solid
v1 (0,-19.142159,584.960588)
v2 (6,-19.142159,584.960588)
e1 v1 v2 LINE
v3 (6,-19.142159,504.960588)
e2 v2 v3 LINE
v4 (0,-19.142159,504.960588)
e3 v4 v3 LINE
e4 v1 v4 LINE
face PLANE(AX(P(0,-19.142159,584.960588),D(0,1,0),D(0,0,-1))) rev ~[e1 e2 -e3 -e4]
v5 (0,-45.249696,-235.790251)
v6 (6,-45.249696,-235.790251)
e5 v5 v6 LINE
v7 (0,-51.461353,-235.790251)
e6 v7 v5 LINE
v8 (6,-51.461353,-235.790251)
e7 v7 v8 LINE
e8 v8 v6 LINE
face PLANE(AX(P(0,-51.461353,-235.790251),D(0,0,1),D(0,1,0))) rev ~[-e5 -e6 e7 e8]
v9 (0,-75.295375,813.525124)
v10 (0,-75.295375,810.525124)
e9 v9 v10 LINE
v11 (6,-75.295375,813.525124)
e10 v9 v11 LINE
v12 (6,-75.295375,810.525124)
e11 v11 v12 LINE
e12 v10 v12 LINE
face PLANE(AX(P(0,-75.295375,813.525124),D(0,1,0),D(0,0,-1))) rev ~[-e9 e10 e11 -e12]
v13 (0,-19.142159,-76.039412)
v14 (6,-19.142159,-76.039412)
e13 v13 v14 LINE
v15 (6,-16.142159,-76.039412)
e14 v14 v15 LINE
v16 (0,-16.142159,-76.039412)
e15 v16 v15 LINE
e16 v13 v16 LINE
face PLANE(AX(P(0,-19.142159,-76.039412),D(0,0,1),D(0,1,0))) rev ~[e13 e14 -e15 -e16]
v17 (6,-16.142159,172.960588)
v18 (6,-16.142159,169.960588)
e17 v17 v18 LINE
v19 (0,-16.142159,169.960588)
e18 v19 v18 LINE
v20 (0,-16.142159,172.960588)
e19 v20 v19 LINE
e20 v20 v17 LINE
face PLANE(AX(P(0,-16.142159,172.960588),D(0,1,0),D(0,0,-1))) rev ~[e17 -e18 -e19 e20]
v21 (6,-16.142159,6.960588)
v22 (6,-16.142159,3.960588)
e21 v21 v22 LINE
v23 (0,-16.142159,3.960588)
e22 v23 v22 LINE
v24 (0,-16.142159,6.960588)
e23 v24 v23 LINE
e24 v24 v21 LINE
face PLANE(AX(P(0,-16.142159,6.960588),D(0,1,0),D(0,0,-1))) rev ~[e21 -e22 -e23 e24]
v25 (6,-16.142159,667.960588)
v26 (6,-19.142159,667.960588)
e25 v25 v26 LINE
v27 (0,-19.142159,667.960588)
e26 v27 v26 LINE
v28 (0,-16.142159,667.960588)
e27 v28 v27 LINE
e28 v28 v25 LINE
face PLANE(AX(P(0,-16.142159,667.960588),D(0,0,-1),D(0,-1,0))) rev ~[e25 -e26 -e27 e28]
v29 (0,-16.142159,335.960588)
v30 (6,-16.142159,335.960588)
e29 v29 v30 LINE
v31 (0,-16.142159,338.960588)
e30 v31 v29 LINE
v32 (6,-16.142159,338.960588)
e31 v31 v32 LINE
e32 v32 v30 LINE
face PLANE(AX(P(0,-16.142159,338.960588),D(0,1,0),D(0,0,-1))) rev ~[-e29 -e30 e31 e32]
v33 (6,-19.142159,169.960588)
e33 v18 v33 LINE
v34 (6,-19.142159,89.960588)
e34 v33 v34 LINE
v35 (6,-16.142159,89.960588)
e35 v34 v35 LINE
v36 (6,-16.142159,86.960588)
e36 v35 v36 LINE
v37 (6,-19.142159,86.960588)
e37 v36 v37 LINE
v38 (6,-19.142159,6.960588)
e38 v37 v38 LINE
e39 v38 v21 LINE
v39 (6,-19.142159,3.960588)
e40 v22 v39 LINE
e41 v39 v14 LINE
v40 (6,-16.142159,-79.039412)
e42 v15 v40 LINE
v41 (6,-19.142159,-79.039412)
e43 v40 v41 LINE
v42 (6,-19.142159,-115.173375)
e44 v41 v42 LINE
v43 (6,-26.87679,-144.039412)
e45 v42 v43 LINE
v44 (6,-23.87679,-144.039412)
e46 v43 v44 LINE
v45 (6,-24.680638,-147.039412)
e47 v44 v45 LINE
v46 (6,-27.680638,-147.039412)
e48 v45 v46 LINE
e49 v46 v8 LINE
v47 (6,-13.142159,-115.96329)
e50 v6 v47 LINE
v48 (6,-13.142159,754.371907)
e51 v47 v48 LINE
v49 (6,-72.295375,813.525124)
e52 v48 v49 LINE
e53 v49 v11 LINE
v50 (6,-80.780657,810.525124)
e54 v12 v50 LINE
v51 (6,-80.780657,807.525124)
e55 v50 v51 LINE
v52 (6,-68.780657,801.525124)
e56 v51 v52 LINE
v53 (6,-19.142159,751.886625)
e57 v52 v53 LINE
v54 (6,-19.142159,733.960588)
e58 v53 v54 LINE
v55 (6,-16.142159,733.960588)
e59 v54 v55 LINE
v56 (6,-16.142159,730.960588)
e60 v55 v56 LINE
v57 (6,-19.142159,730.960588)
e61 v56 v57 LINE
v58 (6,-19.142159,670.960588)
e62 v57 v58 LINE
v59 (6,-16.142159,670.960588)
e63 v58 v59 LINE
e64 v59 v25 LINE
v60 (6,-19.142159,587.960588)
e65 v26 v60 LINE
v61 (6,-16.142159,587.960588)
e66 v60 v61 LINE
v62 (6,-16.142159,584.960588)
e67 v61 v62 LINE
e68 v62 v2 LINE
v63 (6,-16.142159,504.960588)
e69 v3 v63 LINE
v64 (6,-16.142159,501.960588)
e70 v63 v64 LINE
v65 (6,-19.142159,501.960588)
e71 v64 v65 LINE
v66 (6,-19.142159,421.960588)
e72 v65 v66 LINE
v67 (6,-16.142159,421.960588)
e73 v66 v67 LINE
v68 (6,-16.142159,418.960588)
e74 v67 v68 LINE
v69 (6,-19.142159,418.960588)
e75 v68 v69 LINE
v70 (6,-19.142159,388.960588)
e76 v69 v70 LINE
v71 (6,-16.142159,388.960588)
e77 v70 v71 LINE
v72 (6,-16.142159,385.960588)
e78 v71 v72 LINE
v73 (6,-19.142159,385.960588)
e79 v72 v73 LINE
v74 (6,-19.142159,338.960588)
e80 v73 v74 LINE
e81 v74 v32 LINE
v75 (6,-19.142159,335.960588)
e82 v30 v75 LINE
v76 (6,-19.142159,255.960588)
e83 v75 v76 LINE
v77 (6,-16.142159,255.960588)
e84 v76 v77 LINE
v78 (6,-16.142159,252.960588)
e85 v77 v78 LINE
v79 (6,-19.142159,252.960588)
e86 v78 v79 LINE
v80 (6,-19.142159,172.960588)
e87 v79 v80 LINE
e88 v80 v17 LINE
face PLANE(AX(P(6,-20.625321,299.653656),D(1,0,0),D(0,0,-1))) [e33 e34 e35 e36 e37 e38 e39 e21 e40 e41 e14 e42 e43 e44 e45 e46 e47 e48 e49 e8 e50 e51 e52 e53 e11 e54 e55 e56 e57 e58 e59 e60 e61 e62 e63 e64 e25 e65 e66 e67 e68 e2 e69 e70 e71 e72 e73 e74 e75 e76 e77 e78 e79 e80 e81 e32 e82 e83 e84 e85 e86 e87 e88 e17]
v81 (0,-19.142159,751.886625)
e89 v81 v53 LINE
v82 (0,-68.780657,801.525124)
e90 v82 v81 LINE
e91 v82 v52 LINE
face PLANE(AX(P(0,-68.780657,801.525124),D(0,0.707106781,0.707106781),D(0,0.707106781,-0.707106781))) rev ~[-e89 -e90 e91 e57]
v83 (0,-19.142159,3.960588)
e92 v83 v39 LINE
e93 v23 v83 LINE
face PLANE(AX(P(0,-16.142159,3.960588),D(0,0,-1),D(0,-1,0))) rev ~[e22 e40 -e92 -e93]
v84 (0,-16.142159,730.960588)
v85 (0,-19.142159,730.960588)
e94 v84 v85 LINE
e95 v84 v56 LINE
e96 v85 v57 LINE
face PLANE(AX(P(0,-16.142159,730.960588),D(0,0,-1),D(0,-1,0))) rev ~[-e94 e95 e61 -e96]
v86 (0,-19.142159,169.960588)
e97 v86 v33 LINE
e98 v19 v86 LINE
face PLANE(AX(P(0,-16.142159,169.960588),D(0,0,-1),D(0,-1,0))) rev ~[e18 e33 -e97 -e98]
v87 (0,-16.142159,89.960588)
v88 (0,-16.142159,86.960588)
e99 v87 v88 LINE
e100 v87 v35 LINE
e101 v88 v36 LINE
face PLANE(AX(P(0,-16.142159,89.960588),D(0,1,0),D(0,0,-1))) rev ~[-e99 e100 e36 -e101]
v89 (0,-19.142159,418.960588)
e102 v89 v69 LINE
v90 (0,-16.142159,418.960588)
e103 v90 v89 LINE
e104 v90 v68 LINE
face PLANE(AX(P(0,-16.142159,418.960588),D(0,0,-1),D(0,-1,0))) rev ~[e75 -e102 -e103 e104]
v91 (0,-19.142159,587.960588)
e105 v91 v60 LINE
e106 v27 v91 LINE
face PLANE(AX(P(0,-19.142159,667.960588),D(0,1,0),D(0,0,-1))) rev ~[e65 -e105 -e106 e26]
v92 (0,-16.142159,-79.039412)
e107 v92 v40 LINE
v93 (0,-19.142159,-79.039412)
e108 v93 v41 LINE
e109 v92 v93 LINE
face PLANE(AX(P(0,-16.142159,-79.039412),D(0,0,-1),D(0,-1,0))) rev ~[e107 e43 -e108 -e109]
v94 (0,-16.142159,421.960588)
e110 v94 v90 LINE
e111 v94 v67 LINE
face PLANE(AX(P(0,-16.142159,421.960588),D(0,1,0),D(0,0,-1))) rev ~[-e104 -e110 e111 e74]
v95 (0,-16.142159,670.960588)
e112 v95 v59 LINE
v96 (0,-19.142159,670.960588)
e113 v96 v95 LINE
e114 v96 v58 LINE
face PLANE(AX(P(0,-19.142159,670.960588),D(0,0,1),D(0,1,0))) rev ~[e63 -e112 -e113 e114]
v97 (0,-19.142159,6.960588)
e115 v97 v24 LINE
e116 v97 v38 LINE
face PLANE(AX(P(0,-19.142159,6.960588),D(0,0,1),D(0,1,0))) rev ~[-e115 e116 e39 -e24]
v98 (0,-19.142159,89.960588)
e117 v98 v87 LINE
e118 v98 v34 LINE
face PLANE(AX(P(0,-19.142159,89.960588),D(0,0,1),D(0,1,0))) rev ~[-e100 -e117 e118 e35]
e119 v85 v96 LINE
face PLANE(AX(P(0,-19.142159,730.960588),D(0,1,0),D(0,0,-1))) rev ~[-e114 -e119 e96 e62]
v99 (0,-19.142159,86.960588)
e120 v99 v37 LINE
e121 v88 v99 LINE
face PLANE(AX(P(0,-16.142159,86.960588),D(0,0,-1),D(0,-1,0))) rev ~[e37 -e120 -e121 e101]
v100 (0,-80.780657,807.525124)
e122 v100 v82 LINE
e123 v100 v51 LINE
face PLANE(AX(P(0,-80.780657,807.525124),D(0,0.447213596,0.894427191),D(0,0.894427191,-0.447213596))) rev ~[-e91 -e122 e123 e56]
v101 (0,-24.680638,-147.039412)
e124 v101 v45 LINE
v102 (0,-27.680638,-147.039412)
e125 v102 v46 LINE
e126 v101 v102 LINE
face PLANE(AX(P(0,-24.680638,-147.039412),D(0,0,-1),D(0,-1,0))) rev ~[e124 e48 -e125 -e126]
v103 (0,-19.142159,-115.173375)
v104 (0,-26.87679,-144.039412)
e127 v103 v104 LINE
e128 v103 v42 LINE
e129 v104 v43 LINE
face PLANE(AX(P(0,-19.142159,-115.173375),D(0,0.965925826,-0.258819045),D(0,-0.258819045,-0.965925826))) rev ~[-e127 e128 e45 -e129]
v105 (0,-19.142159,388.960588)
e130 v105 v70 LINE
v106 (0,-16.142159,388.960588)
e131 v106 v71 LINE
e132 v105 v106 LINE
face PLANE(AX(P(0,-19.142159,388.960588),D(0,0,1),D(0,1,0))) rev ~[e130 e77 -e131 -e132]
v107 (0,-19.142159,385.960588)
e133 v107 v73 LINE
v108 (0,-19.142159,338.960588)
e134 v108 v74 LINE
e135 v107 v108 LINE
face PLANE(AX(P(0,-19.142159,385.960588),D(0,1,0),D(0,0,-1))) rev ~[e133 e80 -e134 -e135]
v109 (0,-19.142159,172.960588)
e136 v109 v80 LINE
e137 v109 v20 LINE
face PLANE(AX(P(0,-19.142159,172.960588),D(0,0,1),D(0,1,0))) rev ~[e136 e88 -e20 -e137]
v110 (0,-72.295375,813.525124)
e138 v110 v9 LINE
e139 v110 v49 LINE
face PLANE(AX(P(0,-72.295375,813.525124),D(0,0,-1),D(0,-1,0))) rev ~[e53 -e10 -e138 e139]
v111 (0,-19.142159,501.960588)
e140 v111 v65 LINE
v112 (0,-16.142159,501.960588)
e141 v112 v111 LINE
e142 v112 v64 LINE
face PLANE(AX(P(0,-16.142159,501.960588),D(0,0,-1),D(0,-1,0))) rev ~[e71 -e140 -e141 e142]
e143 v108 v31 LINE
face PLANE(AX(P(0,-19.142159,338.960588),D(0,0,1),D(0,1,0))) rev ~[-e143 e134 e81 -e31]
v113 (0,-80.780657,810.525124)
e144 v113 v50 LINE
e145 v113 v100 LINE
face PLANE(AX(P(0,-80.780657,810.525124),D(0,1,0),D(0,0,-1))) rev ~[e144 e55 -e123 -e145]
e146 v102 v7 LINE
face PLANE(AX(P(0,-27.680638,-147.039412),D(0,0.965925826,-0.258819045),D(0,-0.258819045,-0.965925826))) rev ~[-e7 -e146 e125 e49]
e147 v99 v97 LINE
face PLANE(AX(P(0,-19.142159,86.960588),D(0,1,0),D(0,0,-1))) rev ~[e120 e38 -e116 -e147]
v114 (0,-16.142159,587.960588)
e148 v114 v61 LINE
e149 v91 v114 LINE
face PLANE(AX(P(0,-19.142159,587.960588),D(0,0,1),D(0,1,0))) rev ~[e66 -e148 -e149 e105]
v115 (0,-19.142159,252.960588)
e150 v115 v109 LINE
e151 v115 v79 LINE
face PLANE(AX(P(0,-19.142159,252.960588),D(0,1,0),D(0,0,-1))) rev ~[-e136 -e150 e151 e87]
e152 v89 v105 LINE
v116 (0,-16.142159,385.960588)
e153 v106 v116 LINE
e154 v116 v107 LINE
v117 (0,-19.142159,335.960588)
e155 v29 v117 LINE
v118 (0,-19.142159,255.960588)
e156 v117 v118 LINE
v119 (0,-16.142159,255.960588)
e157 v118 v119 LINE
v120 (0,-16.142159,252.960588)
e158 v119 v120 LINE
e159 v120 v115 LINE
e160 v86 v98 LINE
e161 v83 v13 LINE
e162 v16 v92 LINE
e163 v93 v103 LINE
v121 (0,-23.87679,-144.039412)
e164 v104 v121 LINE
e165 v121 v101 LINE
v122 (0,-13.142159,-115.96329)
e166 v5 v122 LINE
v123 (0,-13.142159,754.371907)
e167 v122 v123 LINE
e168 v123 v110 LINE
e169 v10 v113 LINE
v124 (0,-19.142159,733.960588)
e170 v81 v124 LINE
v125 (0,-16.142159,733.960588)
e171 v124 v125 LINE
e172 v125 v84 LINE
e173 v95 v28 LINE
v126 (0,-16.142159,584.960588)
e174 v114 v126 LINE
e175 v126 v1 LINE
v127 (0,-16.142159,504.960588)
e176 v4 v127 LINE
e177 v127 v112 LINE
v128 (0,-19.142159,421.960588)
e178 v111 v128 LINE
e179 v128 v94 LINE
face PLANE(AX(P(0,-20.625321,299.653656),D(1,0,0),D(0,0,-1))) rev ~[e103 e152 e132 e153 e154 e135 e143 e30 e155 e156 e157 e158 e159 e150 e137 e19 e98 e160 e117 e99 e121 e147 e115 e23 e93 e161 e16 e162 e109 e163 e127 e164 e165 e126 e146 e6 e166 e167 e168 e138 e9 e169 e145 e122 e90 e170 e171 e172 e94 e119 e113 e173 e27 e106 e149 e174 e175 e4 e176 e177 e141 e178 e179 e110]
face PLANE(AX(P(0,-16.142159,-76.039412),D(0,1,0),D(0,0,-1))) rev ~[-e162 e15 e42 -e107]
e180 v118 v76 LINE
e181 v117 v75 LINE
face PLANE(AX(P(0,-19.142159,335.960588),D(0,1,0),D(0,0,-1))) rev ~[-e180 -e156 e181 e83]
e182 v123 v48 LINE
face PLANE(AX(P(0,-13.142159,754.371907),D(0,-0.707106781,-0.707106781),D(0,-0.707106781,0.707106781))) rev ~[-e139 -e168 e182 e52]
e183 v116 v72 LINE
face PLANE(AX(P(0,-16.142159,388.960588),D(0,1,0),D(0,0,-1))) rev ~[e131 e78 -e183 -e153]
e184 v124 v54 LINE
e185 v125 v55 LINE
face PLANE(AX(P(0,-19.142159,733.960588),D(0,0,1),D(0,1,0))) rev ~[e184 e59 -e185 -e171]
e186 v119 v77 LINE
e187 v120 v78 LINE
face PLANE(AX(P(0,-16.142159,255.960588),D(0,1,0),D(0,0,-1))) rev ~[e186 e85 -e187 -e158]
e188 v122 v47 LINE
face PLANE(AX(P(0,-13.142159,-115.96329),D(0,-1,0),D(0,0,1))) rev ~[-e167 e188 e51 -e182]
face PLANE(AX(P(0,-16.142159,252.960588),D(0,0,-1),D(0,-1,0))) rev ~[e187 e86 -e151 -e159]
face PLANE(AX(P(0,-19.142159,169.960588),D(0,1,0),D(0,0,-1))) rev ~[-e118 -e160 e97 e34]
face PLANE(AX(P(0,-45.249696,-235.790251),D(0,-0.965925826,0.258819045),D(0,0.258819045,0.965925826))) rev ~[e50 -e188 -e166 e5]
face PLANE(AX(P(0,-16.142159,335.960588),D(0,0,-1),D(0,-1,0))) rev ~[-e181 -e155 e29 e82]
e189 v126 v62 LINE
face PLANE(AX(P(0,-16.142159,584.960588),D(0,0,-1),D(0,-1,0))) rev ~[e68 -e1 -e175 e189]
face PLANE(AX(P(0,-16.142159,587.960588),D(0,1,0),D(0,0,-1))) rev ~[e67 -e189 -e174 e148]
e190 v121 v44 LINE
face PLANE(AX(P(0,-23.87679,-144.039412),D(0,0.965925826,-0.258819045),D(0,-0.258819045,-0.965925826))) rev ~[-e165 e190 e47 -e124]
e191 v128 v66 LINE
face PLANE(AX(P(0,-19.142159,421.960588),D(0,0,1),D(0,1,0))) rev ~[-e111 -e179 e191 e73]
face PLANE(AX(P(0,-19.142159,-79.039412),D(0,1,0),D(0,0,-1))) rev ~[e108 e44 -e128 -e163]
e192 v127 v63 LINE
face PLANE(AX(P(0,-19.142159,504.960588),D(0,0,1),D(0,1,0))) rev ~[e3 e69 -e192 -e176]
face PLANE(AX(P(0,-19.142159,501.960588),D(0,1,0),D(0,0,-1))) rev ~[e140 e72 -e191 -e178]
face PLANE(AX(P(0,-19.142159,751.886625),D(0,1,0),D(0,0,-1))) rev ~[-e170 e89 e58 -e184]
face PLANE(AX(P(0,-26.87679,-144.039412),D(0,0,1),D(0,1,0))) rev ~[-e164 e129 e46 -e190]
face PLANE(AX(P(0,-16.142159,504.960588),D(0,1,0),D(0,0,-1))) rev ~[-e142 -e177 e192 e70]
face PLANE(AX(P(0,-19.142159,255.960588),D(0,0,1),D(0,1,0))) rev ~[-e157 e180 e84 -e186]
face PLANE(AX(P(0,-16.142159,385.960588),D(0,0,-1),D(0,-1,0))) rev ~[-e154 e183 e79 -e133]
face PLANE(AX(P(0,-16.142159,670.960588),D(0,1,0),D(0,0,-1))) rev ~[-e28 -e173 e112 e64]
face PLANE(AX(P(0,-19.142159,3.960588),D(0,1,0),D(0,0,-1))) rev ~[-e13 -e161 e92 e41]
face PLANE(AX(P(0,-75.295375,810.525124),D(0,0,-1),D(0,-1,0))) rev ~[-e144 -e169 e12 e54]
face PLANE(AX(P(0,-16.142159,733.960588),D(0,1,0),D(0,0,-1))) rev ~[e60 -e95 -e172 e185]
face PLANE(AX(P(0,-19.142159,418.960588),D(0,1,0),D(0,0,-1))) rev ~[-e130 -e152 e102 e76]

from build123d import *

# Parameters (mm, degrees)
EXTRUDE_3_DEPTH = 6


with BuildPart() as part:
    # Эскиз1 → Бобышка-Вытянуть3 (new body)
    with BuildSketch(Plane(origin=(0, 0, 0), x_dir=(0, 0, -1), z_dir=(1, 0, 0))):
        Polygon((-751.886625415, -19.142158624), (-733.960587786, -19.142158624), (-733.960587786, -16.142158624), (-730.960587786, -16.142158624), (-730.960587786, -19.142158624), (-670.960587786, -19.142158624), (-670.960587786, -16.142158624), (-667.960587786, -16.142158624), (-667.960587786, -19.142158624), (-587.960587786, -19.142158624), (-587.960587786, -16.142158624), (-584.960587786, -16.142158624), (-584.960587786, -19.142158624), (-504.960587786, -19.142158624), (-504.960587786, -16.142158624), (-501.960587786, -16.142158624), (-501.960587786, -19.142158624), (-421.960587786, -19.142158624), (-421.960587786, -16.142158624), (-418.960587786, -16.142158624), (-418.960587786, -19.142158624), (-388.960587786, -19.142158624), (-388.960587786, -16.142158624), (-385.960587786, -16.142158624), (-385.960587786, -19.142158624), (-338.960587786, -19.142158624), (-338.960587786, -16.142158624), (-335.960587786, -16.142158624), (-335.960587786, -19.142158624), (-255.960587786, -19.142158624), (-255.960587786, -16.142158624), (-252.960587786, -16.142158624), (-252.960587786, -19.142158624), (-172.960587786, -19.142158624), (-172.960587786, -16.142158624), (-169.960587786, -16.142158624), (-169.960587786, -19.142158624), (-89.960587786, -19.142158624), (-89.960587786, -16.142158624), (-86.960587786, -16.142158624), (-86.960587786, -19.142158624), (-6.960587786, -19.142158624), (-6.960587786, -16.142158624), (-3.960587786, -16.142158624), (-3.960587786, -19.142158624), (76.039412214, -19.142158624), (76.039412214, -16.142158624), (79.039412214, -16.142158624), (79.039412214, -19.142158624), (115.173374585, -19.142158624), (144.039412214, -26.876790095), (144.039412214, -23.876790095), (147.039412214, -24.680637672), (147.039412214, -27.680637672), (235.790250936, -51.461353235), (235.790250936, -45.249696153), (115.963289571, -13.142158624), (-754.371906789, -13.142158624), (-813.525123531, -72.295375365), (-813.525123531, -75.295375365), (-810.525123531, -75.295375365), (-810.525123531, -80.78065674), (-807.525123531, -80.78065674), (-801.525123531, -68.78065674), align=None)
    extrude(amount=EXTRUDE_3_DEPTH)


solid = part.part
